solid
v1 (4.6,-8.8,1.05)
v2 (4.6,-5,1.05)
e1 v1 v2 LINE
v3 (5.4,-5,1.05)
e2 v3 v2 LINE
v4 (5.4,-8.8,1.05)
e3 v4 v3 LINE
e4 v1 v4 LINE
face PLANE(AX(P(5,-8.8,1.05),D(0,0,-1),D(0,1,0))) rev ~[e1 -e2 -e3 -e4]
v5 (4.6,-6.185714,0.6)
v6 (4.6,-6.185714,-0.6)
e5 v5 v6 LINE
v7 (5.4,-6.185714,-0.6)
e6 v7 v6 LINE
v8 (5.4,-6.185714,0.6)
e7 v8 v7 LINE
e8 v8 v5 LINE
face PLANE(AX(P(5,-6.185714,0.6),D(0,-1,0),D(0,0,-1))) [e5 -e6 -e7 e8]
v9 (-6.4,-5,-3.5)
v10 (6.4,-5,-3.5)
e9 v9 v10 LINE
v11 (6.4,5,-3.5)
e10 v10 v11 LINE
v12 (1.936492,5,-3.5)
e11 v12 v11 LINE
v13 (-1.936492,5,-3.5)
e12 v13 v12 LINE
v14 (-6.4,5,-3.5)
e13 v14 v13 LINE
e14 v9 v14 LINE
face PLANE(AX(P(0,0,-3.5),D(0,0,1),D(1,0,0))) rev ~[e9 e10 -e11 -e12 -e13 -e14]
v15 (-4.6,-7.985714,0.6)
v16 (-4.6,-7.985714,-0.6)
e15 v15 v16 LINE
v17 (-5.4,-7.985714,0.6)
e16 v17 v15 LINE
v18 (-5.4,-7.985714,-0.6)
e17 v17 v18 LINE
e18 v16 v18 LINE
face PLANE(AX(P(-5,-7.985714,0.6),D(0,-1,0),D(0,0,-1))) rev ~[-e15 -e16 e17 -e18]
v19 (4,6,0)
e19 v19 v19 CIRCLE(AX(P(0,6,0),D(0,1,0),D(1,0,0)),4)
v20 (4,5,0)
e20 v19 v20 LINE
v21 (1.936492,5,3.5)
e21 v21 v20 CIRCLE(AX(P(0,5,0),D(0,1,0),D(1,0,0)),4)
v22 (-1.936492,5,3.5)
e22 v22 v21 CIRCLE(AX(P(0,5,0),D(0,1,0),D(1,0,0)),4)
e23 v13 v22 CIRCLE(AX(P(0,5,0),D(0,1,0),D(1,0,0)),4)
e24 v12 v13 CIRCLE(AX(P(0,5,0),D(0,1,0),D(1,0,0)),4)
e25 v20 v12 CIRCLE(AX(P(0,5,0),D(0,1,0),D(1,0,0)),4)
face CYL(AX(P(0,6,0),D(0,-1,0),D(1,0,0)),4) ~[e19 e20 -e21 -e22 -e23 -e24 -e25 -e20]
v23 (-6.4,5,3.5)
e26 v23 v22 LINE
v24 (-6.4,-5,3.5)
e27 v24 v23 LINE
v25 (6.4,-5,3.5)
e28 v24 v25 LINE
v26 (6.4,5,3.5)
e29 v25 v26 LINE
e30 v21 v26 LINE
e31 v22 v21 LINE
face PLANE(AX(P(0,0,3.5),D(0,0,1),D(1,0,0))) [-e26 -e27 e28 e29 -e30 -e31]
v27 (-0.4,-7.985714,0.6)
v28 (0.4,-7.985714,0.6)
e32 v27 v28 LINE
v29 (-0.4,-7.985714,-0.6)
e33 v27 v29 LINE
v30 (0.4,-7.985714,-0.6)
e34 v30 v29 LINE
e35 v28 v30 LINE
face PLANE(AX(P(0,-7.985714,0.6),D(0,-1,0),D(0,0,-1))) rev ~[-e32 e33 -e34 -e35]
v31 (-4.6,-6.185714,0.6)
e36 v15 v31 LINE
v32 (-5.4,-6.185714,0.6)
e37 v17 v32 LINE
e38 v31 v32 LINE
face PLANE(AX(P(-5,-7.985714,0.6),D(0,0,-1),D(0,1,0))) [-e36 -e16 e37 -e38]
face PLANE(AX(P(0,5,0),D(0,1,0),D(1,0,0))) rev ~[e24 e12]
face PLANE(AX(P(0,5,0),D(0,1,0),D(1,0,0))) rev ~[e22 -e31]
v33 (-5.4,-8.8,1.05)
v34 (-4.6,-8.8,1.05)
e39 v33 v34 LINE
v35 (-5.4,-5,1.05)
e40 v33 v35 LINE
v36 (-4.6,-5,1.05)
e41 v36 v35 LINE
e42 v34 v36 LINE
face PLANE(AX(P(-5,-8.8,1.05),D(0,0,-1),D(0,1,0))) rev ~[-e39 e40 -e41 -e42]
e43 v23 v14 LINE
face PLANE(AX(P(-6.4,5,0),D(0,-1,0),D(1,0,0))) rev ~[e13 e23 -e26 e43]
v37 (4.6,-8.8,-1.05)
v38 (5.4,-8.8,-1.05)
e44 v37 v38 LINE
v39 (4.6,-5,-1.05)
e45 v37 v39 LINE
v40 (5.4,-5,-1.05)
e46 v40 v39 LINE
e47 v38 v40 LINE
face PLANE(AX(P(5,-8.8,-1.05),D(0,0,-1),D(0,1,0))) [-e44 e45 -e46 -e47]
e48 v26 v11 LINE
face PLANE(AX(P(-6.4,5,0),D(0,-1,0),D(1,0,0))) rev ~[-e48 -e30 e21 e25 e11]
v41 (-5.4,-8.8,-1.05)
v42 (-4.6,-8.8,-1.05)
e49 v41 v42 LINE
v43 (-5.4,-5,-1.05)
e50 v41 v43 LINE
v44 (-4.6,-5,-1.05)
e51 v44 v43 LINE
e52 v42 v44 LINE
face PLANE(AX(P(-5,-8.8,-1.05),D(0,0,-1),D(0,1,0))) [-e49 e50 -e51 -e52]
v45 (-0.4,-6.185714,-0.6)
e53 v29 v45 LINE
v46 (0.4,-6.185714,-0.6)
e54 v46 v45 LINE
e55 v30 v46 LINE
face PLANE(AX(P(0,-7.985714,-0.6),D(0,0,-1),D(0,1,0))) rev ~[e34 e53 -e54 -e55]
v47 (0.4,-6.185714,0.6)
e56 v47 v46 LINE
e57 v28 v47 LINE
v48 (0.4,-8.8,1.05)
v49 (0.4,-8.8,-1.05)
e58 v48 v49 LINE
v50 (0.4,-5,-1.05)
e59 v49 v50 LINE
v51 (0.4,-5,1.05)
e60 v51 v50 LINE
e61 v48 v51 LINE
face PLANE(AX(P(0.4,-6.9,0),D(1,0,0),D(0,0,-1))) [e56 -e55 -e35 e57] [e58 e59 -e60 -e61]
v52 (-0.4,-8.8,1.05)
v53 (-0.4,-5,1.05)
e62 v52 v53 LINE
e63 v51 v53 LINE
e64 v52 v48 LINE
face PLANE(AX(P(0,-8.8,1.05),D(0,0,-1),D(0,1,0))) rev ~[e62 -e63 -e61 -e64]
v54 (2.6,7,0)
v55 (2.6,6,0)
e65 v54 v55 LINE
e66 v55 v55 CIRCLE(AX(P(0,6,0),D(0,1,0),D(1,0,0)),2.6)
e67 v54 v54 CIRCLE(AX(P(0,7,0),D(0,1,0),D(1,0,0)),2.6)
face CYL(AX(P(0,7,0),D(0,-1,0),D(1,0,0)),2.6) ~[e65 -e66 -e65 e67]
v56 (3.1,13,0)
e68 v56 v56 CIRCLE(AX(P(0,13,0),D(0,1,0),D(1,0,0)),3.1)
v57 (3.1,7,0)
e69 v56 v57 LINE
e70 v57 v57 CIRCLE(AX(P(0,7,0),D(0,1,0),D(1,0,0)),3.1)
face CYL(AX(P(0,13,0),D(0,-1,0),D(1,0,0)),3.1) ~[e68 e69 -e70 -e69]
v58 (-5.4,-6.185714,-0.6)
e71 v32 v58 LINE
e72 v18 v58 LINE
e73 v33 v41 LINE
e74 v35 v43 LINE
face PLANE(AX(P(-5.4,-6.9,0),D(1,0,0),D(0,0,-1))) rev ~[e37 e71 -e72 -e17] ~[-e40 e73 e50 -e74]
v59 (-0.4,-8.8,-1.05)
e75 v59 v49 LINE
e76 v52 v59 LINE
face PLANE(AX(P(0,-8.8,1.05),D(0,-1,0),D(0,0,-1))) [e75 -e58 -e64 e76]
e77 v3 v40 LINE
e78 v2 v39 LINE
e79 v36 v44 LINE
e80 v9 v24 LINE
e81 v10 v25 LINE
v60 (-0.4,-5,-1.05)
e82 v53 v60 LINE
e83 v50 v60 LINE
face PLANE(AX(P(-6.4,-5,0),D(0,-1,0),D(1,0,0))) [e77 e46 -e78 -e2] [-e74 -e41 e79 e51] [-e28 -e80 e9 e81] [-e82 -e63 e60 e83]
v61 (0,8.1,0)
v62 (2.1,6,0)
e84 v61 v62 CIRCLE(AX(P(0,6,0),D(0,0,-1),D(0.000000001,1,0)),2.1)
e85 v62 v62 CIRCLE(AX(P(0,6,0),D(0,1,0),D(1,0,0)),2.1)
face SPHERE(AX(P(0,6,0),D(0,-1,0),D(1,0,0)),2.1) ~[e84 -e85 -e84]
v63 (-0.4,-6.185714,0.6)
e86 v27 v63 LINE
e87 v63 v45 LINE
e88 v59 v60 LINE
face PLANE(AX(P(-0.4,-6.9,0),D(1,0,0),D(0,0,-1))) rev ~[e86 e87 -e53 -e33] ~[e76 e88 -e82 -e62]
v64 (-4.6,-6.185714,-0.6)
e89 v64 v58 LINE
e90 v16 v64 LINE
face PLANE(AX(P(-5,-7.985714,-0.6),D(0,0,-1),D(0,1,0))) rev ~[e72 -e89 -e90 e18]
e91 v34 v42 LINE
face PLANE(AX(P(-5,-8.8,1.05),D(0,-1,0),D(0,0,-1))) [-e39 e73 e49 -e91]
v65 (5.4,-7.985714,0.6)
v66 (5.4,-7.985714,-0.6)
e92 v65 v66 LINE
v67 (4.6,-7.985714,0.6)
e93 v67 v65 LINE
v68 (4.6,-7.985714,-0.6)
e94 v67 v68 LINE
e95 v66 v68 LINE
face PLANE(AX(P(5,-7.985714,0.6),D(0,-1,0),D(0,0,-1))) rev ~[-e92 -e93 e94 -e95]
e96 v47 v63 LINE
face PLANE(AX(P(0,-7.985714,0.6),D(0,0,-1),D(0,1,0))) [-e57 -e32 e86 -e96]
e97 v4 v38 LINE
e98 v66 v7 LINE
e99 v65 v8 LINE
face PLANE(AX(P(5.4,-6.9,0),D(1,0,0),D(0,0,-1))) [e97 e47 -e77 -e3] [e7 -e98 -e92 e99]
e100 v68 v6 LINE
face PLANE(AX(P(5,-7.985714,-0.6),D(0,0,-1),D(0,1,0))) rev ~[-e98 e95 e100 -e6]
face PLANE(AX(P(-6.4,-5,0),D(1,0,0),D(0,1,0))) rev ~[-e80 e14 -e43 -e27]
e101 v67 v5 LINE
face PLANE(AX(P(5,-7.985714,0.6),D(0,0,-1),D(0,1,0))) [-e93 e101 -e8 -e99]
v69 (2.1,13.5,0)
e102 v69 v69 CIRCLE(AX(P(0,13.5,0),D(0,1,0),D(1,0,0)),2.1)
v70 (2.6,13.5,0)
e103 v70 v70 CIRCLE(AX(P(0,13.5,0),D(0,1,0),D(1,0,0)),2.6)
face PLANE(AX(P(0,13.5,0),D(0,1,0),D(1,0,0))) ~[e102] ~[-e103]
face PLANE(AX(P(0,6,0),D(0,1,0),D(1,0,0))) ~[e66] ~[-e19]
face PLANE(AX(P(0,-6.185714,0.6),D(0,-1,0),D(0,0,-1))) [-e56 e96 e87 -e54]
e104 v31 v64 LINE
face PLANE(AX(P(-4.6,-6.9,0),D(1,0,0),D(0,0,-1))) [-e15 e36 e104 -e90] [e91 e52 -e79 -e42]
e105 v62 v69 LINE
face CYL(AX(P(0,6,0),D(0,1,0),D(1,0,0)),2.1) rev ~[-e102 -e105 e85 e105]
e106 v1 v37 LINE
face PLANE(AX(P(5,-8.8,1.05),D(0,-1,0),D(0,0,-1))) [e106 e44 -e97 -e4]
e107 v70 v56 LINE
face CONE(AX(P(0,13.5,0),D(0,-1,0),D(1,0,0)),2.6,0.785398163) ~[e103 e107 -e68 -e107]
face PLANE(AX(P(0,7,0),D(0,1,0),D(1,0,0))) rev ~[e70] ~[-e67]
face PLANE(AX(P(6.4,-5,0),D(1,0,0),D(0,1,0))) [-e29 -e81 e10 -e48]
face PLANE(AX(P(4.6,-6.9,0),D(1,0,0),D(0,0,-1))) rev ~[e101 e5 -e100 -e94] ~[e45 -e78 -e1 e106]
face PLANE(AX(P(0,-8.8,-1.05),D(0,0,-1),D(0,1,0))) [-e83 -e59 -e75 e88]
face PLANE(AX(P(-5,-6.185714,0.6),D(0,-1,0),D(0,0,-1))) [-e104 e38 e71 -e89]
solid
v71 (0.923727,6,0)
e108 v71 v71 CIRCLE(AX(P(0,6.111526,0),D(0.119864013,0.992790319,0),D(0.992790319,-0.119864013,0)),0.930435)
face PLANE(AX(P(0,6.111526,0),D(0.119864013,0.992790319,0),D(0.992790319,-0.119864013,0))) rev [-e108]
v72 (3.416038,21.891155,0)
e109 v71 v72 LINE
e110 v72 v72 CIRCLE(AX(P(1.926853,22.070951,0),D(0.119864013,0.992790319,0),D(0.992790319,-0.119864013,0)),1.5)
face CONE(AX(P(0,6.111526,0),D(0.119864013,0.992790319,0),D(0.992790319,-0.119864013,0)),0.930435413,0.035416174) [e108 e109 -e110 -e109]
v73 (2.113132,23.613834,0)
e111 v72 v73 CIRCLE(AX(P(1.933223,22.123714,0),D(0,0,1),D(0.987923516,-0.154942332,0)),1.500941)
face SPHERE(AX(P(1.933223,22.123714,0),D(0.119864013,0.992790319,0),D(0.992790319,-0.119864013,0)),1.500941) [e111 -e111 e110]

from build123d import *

# Parameters (mm, degrees)
SKETCH1_W           = 12.8
SKETCH1_H           = 10
BOSS_EXTRUDE1_DEPTH = 3.5
SKETCH4_W           = 2.1
SKETCH4_H           = 3.8
SKETCH4_W_2         = 1.2
SKETCH4_H_2         = 1.8
BOSS_EXTRUDE2_DEPTH = 0.4
LPATTERN1_COUNT     = 2
LPATTERN1_PITCH     = 5
LPATTERN1_COL_COUNT = 2
LPATTERN1_COL_PITCH = 5


with BuildPart() as part:
    # Sketch1 → Boss-Extrude1 (new, symmetric)
    with BuildSketch(Plane.XY):
        Rectangle(SKETCH1_W, SKETCH1_H)
    extrude(amount=BOSS_EXTRUDE1_DEPTH, both=True)

    # Sketch3 → Revolve1 (revolve)
    with BuildSketch(Plane.XY):
        with BuildLine():
            Line((0, 5), (0, 8.1))
            ThreePointArc((0, 8.1), (1.48492424, 7.48492424), (2.1, 6))
            Line((2.1, 6), (2.1, 13.5))
            Line((2.1, 13.5), (2.6, 13.5))
            Line((2.6, 13.5), (3.1, 13))
            Line((3.1, 13), (3.1, 7))
            Line((3.1, 7), (2.6, 7))
            Line((2.6, 7), (2.6, 6))
            Line((2.6, 6), (4, 6))
            Line((4, 6), (4, 5))
            Line((4, 5), (0, 5))
        make_face()
    revolve(axis=Axis((0, 5, 0), (0, 1, 0)))

    # Sketch4 → Boss-Extrude2 (add, symmetric)
    with BuildSketch(Plane(origin=(0, 0, 0), x_dir=(0, 0, -1), z_dir=(1, 0, 0))):
        with Locations((0, -6.9)):
            Rectangle(SKETCH4_W, SKETCH4_H)
        with Locations((0, -7.085714286)):
            Rectangle(SKETCH4_W_2, SKETCH4_H_2, mode=Mode.SUBTRACT)
    boss_extrude2 = extrude(amount=BOSS_EXTRUDE2_DEPTH, both=True)

    # LPattern1: Boss-Extrude2 ×2
    with Locations(*[(i * LPATTERN1_PITCH, 0, 0) for i in range(1, LPATTERN1_COUNT)]):
        add(boss_extrude2)

    # LPattern1 col: Boss-Extrude2 ×2
    with Locations(*[(-i * LPATTERN1_COL_PITCH, 0, 0) for i in range(1, LPATTERN1_COL_COUNT)]):
        add(boss_extrude2)


with BuildPart() as body_2:
    # Sketch5 → Revolve4 (revolve)
    with BuildSketch(Plane.XY):
        with BuildLine():
            Line((2.113131909, 23.613833993), (0.914491781, 13.685930799))
            Line((0.914491781, 13.685930799), (2.1, 13.5))
            Line((2.1, 13.5), (3.416038199, 21.891154746))
            ThreePointArc((3.416038199, 21.891154746), (3.130331543, 23.029117776), (2.113131909, 23.613833993))
        make_face()
        Polygon((0.914491781, 13.685930799), (0, 6.111525722), (0.923727271, 6), (2.1, 13.5), align=None)
    revolve(axis=Axis((0, 6.111525722, 0), (0.11986401280529146, 0.9927903194704373, 0)))


solid = Compound([part.part, body_2.part])
